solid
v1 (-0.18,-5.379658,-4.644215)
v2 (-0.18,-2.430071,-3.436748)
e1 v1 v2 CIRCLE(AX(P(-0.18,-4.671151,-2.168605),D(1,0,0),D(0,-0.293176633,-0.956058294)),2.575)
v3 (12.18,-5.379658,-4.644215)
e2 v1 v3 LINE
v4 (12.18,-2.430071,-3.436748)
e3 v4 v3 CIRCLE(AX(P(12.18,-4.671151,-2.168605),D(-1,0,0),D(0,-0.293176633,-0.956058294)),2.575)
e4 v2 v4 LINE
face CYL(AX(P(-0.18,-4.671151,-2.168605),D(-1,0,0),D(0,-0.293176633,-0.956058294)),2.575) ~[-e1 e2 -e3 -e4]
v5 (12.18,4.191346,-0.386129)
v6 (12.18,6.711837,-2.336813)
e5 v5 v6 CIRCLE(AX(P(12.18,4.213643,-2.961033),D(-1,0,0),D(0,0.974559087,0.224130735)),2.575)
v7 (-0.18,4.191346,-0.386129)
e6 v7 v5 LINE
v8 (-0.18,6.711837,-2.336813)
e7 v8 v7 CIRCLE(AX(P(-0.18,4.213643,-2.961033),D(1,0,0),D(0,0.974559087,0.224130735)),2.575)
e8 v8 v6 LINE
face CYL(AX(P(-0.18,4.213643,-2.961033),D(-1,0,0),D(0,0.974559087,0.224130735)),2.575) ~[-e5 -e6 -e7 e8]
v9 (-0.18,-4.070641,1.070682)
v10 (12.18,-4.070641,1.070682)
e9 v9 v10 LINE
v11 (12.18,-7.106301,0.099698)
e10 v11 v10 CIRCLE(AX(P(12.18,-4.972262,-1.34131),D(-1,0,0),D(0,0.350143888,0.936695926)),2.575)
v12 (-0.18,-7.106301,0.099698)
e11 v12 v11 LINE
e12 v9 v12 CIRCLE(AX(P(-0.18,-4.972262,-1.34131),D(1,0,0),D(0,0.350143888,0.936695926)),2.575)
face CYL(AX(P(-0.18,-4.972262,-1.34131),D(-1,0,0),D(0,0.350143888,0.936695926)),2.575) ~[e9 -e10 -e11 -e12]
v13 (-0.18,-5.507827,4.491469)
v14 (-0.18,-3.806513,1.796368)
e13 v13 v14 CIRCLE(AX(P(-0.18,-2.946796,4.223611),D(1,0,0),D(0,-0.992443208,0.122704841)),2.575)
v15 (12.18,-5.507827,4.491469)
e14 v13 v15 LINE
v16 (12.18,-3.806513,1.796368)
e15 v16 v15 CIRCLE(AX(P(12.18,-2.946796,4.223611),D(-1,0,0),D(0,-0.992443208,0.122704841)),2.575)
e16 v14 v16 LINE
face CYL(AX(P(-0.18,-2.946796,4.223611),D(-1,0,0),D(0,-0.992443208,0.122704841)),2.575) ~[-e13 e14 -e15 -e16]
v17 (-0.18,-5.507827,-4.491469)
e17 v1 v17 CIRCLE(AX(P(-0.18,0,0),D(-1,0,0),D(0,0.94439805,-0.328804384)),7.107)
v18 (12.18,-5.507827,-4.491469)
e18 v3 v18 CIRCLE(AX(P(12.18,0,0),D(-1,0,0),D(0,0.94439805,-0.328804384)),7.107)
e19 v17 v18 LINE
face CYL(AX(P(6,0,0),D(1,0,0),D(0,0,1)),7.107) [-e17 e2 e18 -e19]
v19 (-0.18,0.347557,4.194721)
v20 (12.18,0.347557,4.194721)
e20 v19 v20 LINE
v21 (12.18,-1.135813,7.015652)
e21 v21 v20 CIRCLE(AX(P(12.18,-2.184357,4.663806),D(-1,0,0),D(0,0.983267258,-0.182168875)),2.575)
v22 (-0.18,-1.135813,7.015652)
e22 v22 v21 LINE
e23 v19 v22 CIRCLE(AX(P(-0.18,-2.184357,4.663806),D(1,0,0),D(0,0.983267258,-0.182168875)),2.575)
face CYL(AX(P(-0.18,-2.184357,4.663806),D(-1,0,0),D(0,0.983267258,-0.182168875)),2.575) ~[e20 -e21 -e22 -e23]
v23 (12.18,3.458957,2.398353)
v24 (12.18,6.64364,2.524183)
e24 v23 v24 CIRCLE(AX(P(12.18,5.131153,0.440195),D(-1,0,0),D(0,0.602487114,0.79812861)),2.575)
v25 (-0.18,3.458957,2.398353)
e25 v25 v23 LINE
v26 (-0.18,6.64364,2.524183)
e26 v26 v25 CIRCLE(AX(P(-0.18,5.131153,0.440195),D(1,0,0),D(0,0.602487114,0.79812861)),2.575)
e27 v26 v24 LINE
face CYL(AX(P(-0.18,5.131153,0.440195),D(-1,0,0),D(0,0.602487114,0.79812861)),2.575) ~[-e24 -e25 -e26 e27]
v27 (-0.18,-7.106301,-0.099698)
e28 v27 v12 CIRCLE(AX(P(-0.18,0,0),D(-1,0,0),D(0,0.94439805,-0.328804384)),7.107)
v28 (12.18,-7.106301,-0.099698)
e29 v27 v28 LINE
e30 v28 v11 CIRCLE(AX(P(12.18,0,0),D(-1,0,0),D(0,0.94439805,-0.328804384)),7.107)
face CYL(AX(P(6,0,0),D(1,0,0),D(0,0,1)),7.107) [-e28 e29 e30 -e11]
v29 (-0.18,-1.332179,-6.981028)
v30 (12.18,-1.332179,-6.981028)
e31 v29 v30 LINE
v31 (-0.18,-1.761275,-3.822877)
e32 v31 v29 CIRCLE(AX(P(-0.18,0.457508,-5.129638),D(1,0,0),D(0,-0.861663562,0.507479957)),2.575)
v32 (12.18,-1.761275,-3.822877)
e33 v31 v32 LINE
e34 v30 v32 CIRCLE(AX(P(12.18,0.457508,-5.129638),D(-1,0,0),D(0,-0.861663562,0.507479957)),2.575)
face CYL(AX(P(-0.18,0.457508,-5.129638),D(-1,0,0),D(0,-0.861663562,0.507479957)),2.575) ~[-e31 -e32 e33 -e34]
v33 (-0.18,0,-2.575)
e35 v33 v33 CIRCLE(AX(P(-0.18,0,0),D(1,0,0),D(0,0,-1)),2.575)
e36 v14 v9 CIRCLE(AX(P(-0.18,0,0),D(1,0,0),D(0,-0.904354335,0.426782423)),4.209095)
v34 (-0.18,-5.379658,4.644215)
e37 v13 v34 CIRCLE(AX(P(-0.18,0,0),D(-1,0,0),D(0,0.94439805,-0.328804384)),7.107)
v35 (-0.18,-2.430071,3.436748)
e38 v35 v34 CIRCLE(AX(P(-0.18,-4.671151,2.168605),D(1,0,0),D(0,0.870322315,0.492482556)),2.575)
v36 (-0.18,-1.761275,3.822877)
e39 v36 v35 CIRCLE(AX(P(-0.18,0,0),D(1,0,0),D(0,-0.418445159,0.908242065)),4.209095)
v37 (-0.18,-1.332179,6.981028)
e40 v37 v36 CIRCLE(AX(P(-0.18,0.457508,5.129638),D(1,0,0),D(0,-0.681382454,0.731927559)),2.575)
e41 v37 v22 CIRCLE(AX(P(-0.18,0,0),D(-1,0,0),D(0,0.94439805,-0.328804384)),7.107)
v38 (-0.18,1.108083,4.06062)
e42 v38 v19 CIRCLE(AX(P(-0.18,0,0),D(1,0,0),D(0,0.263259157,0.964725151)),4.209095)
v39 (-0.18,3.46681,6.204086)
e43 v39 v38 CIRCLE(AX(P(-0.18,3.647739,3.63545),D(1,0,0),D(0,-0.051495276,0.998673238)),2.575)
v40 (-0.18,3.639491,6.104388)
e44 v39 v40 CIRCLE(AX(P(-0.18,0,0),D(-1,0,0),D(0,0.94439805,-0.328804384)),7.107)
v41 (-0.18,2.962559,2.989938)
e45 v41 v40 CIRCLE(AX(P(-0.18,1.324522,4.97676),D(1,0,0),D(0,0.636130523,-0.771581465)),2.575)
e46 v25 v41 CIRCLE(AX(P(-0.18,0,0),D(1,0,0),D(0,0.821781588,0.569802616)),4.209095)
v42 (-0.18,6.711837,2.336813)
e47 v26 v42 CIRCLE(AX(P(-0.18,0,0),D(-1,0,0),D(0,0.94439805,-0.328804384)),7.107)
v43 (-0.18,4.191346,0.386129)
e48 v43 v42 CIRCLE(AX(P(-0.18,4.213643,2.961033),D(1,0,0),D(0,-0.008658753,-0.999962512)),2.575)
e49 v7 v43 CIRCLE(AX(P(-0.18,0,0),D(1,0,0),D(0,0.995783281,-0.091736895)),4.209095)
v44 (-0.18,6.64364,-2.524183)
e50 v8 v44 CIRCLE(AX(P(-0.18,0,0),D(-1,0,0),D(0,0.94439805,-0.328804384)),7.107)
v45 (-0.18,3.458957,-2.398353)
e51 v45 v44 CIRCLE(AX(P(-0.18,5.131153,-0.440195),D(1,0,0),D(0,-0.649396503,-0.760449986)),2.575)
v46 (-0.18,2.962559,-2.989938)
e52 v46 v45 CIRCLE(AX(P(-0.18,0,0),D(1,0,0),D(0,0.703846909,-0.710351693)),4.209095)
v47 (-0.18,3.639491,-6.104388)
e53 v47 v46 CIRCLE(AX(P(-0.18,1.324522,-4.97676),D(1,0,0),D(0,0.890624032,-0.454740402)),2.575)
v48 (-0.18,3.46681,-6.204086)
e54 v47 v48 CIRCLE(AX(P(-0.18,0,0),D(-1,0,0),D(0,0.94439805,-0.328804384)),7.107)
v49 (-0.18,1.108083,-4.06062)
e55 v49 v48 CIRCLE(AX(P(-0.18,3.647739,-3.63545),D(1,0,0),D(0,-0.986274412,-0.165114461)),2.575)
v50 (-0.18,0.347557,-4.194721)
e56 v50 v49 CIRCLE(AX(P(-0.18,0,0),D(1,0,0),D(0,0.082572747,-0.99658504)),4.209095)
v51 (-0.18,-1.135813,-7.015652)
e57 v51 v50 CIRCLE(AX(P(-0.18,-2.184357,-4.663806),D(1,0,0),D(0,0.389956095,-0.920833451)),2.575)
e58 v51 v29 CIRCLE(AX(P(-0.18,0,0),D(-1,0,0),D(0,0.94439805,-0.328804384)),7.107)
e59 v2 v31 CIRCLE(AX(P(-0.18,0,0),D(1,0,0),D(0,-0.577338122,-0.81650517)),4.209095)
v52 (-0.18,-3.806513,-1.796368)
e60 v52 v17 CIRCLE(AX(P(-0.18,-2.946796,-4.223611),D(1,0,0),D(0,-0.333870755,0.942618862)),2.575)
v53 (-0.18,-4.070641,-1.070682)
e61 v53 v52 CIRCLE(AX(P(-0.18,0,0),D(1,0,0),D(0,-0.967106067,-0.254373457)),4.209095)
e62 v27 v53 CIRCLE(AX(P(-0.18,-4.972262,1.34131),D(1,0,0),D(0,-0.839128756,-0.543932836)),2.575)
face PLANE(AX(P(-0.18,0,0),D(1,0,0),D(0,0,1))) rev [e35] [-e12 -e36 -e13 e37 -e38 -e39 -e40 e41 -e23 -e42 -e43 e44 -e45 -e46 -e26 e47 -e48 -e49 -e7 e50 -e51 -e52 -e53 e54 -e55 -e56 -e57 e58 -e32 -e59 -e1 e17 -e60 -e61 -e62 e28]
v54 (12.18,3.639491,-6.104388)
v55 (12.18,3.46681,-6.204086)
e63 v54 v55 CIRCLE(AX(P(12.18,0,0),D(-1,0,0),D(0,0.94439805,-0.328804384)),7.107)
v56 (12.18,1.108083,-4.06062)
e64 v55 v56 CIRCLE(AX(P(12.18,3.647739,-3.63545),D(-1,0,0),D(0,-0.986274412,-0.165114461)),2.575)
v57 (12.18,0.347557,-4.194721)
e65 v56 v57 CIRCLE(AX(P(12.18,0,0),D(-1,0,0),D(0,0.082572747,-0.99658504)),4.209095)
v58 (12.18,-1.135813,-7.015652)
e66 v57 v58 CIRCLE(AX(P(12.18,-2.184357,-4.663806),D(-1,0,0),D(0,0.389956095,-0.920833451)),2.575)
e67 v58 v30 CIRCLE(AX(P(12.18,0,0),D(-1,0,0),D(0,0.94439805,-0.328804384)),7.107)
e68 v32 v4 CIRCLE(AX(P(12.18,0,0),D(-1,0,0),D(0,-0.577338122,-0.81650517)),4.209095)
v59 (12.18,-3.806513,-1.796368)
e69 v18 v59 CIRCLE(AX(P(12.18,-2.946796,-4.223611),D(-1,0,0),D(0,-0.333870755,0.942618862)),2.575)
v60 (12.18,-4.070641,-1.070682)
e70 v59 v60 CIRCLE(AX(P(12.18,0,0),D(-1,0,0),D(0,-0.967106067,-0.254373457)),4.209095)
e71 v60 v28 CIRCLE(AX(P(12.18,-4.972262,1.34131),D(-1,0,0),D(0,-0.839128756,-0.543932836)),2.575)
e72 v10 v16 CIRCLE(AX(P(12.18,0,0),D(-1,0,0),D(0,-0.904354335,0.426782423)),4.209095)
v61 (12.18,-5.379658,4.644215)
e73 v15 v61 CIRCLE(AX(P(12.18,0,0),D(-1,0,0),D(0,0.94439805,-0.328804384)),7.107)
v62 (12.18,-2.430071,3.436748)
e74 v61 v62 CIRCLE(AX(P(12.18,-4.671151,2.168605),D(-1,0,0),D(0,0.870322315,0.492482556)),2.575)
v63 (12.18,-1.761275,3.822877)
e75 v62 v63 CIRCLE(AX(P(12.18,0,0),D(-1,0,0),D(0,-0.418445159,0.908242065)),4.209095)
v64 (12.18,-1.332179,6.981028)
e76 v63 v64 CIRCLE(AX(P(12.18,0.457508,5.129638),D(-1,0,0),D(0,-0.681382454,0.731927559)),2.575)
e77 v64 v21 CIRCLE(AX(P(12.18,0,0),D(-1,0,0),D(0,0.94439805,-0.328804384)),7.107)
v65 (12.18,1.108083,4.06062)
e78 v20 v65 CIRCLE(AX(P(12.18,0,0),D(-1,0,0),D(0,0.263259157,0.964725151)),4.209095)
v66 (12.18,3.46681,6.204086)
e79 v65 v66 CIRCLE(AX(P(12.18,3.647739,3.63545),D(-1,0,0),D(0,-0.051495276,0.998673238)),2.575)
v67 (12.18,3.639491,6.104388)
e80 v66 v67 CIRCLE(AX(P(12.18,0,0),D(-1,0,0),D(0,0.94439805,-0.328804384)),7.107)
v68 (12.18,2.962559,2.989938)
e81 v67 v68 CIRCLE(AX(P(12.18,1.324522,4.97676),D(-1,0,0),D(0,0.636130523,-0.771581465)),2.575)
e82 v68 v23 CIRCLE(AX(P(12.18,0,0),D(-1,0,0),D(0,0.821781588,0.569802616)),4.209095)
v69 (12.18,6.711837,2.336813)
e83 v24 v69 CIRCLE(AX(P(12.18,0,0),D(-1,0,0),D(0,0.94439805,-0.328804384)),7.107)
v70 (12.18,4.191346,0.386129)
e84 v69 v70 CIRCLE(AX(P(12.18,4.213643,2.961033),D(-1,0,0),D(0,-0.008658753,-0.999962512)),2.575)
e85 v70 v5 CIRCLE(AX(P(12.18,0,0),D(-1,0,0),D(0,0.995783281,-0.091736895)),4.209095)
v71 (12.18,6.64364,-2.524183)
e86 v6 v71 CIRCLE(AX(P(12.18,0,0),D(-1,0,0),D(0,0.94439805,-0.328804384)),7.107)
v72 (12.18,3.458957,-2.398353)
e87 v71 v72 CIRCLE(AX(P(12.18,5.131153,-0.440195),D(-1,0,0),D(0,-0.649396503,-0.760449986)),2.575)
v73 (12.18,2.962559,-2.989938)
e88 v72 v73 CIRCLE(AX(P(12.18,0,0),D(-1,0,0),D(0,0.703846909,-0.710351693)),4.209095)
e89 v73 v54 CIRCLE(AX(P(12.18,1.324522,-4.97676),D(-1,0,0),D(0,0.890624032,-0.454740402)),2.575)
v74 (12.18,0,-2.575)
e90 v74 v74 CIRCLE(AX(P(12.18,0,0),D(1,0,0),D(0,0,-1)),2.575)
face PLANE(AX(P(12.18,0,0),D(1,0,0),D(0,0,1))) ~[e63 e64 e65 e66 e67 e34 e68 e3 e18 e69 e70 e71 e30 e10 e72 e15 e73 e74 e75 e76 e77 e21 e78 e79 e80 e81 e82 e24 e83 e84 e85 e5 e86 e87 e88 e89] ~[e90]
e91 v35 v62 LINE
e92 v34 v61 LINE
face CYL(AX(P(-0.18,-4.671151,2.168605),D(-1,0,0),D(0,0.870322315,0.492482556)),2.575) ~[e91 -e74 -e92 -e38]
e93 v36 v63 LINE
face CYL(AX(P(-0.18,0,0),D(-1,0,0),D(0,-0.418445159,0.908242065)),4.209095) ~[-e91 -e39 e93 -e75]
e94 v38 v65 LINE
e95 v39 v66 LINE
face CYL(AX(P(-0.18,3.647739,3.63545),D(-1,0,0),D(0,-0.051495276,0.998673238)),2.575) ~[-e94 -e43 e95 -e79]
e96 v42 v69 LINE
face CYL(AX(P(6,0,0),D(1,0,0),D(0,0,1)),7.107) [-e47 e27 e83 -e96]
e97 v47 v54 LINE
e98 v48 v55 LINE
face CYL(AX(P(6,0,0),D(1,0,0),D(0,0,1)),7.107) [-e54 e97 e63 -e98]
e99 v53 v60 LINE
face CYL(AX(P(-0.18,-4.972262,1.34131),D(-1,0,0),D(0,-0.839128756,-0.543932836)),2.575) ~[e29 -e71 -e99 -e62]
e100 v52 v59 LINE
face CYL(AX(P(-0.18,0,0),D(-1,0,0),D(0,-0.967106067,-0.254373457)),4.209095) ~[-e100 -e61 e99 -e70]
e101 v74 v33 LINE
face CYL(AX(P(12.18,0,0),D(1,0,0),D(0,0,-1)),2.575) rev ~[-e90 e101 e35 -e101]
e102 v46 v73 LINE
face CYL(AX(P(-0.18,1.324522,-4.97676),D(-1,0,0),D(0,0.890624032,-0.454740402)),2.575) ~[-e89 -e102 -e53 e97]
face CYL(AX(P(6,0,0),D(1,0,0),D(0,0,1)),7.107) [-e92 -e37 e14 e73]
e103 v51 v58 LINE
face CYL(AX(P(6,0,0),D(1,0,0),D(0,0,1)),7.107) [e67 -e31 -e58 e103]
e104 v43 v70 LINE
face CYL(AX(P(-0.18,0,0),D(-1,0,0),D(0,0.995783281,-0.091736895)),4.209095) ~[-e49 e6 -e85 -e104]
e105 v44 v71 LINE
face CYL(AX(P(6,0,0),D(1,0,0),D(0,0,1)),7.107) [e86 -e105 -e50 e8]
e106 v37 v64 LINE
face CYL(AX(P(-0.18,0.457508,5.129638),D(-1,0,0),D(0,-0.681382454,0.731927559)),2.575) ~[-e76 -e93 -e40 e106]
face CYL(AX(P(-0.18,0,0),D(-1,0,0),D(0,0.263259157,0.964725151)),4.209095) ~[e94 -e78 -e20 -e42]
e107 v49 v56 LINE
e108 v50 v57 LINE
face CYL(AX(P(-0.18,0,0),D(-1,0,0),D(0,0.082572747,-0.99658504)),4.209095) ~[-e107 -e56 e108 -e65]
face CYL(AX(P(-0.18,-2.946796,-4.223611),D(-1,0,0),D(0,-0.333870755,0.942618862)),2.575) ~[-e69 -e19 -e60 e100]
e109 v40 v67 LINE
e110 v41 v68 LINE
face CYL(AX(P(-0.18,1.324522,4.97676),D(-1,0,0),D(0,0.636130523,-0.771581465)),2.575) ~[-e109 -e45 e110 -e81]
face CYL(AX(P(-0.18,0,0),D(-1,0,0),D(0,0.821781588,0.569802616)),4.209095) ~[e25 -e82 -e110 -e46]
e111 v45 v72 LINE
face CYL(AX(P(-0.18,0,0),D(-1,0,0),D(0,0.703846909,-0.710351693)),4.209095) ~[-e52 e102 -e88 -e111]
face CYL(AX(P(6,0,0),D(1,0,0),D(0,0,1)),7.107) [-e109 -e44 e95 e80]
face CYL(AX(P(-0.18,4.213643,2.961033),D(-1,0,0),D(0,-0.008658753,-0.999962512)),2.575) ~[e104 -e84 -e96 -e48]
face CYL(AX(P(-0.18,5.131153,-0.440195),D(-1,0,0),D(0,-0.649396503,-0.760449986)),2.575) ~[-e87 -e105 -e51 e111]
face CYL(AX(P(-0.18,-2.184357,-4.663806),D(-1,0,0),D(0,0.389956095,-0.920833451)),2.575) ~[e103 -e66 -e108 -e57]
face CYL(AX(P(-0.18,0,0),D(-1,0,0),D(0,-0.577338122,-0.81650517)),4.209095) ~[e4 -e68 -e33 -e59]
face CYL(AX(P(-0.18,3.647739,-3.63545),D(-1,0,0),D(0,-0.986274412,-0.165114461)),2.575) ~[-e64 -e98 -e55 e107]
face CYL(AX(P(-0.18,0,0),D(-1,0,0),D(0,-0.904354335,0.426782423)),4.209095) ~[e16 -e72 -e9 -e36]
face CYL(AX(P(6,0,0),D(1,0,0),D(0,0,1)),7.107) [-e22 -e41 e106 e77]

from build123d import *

# Parameters (mm, degrees)
BASPROSKE_W              = 12
BASPROSKE_H              = 6.9
TOOTHCUT_DEPTH           = 16.466738506
PATTERN_CIRCULAR_1_COUNT = 9
SKETCH_1_R               = 2.5
CUT_EXTRUDE_1_DEPTH      = 16.427377744
SCALE_1_SCALE            = 1.03


with BuildPart() as part:
    # BasProSke → Base-Revolve (revolve)
    with BuildSketch(Plane(origin=(0, 0, 0), x_dir=(1, 0, 0), z_dir=(0, 1, 0)), mode=Mode.PRIVATE) as base_revolve_sk:
        with Locations((6, 3.45)):
            Rectangle(BASPROSKE_W, BASPROSKE_H)
    revolve(base_revolve_sk.sketch.rotate(Axis((-10, 0, 0), (1, 0, 0)), 180), axis=Axis((-10, 0, 0), (1, 0, 0)))

    # TooCutSke → ToothCut (cut, through all)
    with BuildSketch(Plane(origin=(0, 0, 0), x_dir=(0, 0, -1), z_dir=(1, 0, 0))):
        with BuildLine():
            ThreePointArc((0.374882812, 4.069268377), (0, 4.0865), (-0.374882812, 4.069268377))
            ThreePointArc((-0.374882812, 4.069268377), (-0.912200879, 5.63954288), (-2.314462256, 6.527312978))
            ThreePointArc((-2.314462256, 6.527312978), (0, 6.9255), (2.314462256, 6.527312978))
            ThreePointArc((2.314462256, 6.527312978), (0.912200879, 5.63954288), (0.374882812, 4.069268377))
        make_face()
    toothcut = extrude(amount=TOOTHCUT_DEPTH, mode=Mode.SUBTRACT)

    # Круговой массив1: ToothCut ×9 about axis
    pattern_circular_1_axis = Axis((0, 0, 0), (1, 0, 0))
    for i in range(1, PATTERN_CIRCULAR_1_COUNT):
        add(toothcut.rotate(pattern_circular_1_axis, i * 360 / PATTERN_CIRCULAR_1_COUNT), mode=Mode.SUBTRACT)

    # Эскиз1 → Вырез-Вытянуть1 (cut, through all)
    with BuildSketch(Plane(origin=(12, 0, 0), x_dir=(0, 0, -1), z_dir=(1, 0, 0))):
        Circle(SKETCH_1_R)
    extrude(amount=-CUT_EXTRUDE_1_DEPTH, mode=Mode.SUBTRACT)


with BuildPart() as part_1:
    # Масштаб1: scaled about (6, 0, 0)
    add(part.part.scale(SCALE_1_SCALE).moved(Location((-0.18, 0, 0))))


solid = part_1.part
